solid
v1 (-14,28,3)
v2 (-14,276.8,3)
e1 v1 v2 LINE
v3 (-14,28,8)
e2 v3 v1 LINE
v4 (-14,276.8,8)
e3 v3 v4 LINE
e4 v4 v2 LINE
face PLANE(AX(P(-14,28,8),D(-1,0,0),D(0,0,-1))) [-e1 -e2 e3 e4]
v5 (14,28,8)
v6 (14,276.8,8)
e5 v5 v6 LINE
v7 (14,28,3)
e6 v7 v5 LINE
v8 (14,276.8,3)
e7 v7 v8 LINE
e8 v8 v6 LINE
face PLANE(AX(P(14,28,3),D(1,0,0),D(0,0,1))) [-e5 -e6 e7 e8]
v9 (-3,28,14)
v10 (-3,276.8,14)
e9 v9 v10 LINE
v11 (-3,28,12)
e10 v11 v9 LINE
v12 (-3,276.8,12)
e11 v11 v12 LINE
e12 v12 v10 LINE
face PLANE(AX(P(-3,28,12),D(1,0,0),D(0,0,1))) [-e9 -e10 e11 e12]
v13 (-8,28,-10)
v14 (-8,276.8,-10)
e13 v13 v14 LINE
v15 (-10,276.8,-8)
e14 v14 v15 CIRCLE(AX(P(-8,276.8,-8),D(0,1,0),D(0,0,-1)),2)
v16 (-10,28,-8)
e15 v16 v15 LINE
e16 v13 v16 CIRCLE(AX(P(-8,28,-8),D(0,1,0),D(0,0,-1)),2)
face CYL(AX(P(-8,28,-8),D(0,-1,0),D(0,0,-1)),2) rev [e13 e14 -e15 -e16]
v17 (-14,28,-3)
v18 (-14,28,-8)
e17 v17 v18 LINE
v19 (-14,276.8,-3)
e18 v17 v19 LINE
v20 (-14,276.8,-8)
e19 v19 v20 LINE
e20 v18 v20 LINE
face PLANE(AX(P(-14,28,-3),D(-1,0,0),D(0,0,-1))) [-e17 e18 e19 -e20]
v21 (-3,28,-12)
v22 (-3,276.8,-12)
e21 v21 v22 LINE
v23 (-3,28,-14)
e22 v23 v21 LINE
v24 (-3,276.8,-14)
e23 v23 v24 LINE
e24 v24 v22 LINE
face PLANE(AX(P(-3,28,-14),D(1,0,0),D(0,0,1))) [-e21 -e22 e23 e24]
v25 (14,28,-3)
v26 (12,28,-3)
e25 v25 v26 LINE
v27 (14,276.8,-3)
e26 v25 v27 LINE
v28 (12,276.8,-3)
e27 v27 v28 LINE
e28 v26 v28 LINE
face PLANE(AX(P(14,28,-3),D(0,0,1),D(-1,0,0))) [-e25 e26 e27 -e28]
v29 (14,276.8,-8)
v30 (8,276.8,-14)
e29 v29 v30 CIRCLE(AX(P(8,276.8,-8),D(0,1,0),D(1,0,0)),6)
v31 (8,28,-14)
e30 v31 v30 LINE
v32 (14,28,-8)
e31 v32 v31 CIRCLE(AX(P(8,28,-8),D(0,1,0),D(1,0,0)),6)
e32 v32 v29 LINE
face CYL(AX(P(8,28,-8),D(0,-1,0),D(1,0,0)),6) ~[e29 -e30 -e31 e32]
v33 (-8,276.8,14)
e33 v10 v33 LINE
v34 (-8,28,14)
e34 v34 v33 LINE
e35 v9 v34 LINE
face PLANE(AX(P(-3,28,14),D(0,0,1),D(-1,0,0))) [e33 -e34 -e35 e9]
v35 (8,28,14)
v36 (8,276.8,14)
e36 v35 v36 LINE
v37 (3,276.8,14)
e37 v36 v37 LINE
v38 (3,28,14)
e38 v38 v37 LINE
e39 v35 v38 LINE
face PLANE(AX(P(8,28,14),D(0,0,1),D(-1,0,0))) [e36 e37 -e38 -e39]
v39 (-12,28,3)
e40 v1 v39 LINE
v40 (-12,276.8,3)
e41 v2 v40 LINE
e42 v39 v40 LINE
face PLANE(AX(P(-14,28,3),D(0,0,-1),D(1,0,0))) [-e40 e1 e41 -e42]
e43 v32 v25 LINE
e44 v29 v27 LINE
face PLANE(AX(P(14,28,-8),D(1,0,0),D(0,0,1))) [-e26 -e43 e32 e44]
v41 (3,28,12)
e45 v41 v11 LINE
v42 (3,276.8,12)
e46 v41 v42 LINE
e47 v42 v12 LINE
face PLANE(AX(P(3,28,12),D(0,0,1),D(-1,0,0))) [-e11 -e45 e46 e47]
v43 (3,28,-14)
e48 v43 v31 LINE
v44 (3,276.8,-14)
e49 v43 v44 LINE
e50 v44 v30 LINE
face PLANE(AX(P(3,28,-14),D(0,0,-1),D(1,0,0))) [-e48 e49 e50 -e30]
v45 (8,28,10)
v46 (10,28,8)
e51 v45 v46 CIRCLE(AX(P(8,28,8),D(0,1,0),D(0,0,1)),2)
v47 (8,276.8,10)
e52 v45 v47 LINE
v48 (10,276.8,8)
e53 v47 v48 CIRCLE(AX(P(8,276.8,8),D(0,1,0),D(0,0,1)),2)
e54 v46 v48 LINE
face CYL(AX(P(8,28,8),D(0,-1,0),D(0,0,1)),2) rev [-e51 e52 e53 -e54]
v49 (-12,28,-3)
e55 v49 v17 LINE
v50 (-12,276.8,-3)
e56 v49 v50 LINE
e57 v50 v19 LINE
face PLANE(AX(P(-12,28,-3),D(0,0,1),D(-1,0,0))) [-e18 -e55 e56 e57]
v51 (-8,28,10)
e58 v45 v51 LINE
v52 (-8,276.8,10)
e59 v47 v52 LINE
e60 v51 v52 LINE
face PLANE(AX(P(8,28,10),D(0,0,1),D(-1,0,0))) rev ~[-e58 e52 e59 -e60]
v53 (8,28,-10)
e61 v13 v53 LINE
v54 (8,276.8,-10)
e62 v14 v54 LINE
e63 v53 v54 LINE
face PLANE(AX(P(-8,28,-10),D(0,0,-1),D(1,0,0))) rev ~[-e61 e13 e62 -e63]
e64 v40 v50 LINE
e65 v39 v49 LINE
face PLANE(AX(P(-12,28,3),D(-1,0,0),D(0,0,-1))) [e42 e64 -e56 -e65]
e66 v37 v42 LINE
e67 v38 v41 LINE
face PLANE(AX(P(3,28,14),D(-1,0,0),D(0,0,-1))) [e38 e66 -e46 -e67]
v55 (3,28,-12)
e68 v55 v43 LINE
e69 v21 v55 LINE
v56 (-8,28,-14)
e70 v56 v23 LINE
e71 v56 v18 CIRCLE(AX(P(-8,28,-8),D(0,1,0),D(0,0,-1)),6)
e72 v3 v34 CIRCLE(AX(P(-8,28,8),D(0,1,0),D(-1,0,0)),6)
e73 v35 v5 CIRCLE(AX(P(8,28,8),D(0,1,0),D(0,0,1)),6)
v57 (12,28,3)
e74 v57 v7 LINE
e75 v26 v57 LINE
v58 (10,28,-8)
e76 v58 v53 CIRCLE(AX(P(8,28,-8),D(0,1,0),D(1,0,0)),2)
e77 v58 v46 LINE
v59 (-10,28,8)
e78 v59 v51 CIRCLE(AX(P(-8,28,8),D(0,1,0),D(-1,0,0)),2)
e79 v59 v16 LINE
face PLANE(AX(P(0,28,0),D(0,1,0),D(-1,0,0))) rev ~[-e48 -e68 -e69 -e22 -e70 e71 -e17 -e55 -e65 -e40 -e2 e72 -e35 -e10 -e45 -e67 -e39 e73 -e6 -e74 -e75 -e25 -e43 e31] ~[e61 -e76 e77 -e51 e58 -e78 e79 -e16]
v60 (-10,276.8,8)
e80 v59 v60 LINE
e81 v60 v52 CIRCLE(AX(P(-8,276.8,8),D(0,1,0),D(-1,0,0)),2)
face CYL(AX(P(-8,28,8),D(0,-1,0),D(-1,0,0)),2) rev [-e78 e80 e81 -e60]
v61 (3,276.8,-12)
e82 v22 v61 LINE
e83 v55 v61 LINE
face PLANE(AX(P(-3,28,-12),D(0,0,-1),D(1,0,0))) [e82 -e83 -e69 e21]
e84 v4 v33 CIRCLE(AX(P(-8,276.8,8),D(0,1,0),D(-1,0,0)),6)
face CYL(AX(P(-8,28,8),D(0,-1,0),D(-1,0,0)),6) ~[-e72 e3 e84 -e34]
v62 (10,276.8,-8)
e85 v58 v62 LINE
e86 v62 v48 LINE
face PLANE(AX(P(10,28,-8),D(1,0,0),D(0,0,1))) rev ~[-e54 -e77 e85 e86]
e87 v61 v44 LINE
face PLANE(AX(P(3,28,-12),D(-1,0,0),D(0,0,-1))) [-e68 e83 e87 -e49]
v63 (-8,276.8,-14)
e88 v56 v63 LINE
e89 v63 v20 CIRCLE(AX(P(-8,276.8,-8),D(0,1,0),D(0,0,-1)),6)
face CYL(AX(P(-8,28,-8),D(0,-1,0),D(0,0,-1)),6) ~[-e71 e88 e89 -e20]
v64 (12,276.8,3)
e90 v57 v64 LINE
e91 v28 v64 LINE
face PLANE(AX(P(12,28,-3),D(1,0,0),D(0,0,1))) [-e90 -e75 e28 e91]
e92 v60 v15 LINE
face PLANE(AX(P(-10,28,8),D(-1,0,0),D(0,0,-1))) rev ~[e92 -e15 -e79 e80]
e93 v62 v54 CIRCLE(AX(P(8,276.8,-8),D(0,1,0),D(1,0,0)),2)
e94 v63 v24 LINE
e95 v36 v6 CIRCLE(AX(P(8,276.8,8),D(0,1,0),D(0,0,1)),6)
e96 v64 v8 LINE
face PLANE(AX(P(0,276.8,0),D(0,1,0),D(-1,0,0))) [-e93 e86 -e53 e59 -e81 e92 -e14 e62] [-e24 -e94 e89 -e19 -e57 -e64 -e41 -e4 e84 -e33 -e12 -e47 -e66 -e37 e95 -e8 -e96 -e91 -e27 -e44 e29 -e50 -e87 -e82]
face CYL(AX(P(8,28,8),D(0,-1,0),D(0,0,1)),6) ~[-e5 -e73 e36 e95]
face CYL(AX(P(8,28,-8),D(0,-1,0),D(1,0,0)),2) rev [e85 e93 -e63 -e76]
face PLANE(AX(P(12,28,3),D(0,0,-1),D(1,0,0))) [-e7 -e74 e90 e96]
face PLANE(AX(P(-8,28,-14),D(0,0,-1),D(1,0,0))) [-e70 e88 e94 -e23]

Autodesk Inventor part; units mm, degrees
ref_plane "Start Plane" through (0, 28, 0) normal (0, 1, 0) x (-1, 0, 0)
ref_plane "End Plane" through (0, 276.8, 0) normal (0, 1, 0) x (-1, 0, 0)
sketch "Sketch" plane through (0, 0, 0) normal (0, 1, 0) x (-1, 0, 0)
  line L0 (8, -10) -> (-8, -10)
  line L1 (-10, -8) -> (-10, 8)
  line L2 (-8, 10) -> (8, 10)
  line L3 (10, 8) -> (10, -8)
  line L4 (10, -10) -> (-10, 10) construction
  line L5 (-10, -10) -> (10, 10) construction
  line L6 (14, -14) -> (-14, 14) construction
  line L7 (-14, -14) -> (14, 14) construction
  arc A0 (8, -10) -> (10, -8) centre (8, -8) ccw
  arc A1 (-10, -8) -> (-8, -10) centre (-8, -8) ccw
  arc A2 (-8, 10) -> (-10, 8) centre (-8, 8) ccw
  arc A3 (10, 8) -> (8, 10) centre (8, 8) ccw
  arc A4 (8, -14) -> (14, -8) centre (8, -8) ccw
  arc A5 (-14, -8) -> (-8, -14) centre (-8, -8) ccw
  arc A6 (-8, 14) -> (-14, 8) centre (-8, 8) ccw
  arc A7 (14, 8) -> (8, 14) centre (8, 8) ccw
  line L8 (3, -14) -> (3, -12)
  line L9 (3, -12) -> (-3, -12)
  line L10 (-3, -12) -> (-3, -14)
  line L11 (-14, -3) -> (-12, -3)
  line L12 (-12, -3) -> (-12, 3)
  line L13 (-12, 3) -> (-14, 3)
  line L14 (-3, 14) -> (-3, 12)
  line L15 (-3, 12) -> (3, 12)
  line L16 (3, 12) -> (3, 14)
  line L17 (14, 3) -> (12, 3)
  line L18 (12, 3) -> (12, -3)
  line L19 (12, -3) -> (14, -3)
  line L20 (0, -10) -> (0, -12) construction
  line L21 (-10, 0) -> (-12, 0) construction
  line L22 (0, 10) -> (0, 12) construction
  line L23 (10, 0) -> (12, 0) construction
  line L24 (14, 8) -> (14, 3)
  line L25 (14, -3) -> (14, -8)
  line L26 (8, -14) -> (3, -14)
  line L27 (-3, -14) -> (-8, -14)
  line L28 (-14, -8) -> (-14, -3)
  line L29 (-14, 3) -> (-14, 8)
  line L30 (-8, 14) -> (-3, 14)
  line L31 (3, 14) -> (8, 14)
  point P0 (0, 0)
  dimension "d1" = 20
  dimension "d2" = 2
  dimension "d3" = 6
  dimension "d4" = 20
  dimension "d5" = 6
  dimension "d6" = 2
  dimension "d8" = 28
extrude "Body" add sketch "Sketch" along normal up to surface (248.8 mm away) from surface at 28
sketch "Sketch2" plane through (0, 0, 0) normal (0, 1, 0) x (-1, 0, 0)
  line L0 (0, 0) -> (10, 0)
ref_plane "Work Plane3" through (0, 0, 0) normal (0, 0, -1) x (-1, 0, 0)
sketch "Sketch3" plane through (0, 0, 0) normal (0, 0, -1) x (-1, 0, 0)
  line L0 (-2, 28) -> (12, 28) construction
  line L1 (-2, 276.8) -> (12, 276.8) construction
  dimension "d16" = 248.8
ref_plane "Work Plane4" through (14, 28, -268.8) normal (0, -1, 0) x (1, 0, 0)
split "Split1" plane through (14, 28, -268.8) removes the side toward (0, -1, 0)
ref_plane "Work Plane5" through (-290.8, 276.8, -268.8) normal (0, 1, 0) x (1, 0, 0)
split "Split2" plane through (-290.8, 276.8, -268.8) removes the side toward (0, 1, 0)
equation "\"G_OFFSET_START\" = -28"
equation "\"G_OFFSET_END\" = -28"
equation "\"d11\" = -G_OFFSET_START"
equation "\"d12\" = Length + G_OFFSET_END"
equation "\"G_L\" = d16"
equation "\"Length\" = 304.8"
properties part number "CE-5.2.2-PR" material "Steel, Mild"
